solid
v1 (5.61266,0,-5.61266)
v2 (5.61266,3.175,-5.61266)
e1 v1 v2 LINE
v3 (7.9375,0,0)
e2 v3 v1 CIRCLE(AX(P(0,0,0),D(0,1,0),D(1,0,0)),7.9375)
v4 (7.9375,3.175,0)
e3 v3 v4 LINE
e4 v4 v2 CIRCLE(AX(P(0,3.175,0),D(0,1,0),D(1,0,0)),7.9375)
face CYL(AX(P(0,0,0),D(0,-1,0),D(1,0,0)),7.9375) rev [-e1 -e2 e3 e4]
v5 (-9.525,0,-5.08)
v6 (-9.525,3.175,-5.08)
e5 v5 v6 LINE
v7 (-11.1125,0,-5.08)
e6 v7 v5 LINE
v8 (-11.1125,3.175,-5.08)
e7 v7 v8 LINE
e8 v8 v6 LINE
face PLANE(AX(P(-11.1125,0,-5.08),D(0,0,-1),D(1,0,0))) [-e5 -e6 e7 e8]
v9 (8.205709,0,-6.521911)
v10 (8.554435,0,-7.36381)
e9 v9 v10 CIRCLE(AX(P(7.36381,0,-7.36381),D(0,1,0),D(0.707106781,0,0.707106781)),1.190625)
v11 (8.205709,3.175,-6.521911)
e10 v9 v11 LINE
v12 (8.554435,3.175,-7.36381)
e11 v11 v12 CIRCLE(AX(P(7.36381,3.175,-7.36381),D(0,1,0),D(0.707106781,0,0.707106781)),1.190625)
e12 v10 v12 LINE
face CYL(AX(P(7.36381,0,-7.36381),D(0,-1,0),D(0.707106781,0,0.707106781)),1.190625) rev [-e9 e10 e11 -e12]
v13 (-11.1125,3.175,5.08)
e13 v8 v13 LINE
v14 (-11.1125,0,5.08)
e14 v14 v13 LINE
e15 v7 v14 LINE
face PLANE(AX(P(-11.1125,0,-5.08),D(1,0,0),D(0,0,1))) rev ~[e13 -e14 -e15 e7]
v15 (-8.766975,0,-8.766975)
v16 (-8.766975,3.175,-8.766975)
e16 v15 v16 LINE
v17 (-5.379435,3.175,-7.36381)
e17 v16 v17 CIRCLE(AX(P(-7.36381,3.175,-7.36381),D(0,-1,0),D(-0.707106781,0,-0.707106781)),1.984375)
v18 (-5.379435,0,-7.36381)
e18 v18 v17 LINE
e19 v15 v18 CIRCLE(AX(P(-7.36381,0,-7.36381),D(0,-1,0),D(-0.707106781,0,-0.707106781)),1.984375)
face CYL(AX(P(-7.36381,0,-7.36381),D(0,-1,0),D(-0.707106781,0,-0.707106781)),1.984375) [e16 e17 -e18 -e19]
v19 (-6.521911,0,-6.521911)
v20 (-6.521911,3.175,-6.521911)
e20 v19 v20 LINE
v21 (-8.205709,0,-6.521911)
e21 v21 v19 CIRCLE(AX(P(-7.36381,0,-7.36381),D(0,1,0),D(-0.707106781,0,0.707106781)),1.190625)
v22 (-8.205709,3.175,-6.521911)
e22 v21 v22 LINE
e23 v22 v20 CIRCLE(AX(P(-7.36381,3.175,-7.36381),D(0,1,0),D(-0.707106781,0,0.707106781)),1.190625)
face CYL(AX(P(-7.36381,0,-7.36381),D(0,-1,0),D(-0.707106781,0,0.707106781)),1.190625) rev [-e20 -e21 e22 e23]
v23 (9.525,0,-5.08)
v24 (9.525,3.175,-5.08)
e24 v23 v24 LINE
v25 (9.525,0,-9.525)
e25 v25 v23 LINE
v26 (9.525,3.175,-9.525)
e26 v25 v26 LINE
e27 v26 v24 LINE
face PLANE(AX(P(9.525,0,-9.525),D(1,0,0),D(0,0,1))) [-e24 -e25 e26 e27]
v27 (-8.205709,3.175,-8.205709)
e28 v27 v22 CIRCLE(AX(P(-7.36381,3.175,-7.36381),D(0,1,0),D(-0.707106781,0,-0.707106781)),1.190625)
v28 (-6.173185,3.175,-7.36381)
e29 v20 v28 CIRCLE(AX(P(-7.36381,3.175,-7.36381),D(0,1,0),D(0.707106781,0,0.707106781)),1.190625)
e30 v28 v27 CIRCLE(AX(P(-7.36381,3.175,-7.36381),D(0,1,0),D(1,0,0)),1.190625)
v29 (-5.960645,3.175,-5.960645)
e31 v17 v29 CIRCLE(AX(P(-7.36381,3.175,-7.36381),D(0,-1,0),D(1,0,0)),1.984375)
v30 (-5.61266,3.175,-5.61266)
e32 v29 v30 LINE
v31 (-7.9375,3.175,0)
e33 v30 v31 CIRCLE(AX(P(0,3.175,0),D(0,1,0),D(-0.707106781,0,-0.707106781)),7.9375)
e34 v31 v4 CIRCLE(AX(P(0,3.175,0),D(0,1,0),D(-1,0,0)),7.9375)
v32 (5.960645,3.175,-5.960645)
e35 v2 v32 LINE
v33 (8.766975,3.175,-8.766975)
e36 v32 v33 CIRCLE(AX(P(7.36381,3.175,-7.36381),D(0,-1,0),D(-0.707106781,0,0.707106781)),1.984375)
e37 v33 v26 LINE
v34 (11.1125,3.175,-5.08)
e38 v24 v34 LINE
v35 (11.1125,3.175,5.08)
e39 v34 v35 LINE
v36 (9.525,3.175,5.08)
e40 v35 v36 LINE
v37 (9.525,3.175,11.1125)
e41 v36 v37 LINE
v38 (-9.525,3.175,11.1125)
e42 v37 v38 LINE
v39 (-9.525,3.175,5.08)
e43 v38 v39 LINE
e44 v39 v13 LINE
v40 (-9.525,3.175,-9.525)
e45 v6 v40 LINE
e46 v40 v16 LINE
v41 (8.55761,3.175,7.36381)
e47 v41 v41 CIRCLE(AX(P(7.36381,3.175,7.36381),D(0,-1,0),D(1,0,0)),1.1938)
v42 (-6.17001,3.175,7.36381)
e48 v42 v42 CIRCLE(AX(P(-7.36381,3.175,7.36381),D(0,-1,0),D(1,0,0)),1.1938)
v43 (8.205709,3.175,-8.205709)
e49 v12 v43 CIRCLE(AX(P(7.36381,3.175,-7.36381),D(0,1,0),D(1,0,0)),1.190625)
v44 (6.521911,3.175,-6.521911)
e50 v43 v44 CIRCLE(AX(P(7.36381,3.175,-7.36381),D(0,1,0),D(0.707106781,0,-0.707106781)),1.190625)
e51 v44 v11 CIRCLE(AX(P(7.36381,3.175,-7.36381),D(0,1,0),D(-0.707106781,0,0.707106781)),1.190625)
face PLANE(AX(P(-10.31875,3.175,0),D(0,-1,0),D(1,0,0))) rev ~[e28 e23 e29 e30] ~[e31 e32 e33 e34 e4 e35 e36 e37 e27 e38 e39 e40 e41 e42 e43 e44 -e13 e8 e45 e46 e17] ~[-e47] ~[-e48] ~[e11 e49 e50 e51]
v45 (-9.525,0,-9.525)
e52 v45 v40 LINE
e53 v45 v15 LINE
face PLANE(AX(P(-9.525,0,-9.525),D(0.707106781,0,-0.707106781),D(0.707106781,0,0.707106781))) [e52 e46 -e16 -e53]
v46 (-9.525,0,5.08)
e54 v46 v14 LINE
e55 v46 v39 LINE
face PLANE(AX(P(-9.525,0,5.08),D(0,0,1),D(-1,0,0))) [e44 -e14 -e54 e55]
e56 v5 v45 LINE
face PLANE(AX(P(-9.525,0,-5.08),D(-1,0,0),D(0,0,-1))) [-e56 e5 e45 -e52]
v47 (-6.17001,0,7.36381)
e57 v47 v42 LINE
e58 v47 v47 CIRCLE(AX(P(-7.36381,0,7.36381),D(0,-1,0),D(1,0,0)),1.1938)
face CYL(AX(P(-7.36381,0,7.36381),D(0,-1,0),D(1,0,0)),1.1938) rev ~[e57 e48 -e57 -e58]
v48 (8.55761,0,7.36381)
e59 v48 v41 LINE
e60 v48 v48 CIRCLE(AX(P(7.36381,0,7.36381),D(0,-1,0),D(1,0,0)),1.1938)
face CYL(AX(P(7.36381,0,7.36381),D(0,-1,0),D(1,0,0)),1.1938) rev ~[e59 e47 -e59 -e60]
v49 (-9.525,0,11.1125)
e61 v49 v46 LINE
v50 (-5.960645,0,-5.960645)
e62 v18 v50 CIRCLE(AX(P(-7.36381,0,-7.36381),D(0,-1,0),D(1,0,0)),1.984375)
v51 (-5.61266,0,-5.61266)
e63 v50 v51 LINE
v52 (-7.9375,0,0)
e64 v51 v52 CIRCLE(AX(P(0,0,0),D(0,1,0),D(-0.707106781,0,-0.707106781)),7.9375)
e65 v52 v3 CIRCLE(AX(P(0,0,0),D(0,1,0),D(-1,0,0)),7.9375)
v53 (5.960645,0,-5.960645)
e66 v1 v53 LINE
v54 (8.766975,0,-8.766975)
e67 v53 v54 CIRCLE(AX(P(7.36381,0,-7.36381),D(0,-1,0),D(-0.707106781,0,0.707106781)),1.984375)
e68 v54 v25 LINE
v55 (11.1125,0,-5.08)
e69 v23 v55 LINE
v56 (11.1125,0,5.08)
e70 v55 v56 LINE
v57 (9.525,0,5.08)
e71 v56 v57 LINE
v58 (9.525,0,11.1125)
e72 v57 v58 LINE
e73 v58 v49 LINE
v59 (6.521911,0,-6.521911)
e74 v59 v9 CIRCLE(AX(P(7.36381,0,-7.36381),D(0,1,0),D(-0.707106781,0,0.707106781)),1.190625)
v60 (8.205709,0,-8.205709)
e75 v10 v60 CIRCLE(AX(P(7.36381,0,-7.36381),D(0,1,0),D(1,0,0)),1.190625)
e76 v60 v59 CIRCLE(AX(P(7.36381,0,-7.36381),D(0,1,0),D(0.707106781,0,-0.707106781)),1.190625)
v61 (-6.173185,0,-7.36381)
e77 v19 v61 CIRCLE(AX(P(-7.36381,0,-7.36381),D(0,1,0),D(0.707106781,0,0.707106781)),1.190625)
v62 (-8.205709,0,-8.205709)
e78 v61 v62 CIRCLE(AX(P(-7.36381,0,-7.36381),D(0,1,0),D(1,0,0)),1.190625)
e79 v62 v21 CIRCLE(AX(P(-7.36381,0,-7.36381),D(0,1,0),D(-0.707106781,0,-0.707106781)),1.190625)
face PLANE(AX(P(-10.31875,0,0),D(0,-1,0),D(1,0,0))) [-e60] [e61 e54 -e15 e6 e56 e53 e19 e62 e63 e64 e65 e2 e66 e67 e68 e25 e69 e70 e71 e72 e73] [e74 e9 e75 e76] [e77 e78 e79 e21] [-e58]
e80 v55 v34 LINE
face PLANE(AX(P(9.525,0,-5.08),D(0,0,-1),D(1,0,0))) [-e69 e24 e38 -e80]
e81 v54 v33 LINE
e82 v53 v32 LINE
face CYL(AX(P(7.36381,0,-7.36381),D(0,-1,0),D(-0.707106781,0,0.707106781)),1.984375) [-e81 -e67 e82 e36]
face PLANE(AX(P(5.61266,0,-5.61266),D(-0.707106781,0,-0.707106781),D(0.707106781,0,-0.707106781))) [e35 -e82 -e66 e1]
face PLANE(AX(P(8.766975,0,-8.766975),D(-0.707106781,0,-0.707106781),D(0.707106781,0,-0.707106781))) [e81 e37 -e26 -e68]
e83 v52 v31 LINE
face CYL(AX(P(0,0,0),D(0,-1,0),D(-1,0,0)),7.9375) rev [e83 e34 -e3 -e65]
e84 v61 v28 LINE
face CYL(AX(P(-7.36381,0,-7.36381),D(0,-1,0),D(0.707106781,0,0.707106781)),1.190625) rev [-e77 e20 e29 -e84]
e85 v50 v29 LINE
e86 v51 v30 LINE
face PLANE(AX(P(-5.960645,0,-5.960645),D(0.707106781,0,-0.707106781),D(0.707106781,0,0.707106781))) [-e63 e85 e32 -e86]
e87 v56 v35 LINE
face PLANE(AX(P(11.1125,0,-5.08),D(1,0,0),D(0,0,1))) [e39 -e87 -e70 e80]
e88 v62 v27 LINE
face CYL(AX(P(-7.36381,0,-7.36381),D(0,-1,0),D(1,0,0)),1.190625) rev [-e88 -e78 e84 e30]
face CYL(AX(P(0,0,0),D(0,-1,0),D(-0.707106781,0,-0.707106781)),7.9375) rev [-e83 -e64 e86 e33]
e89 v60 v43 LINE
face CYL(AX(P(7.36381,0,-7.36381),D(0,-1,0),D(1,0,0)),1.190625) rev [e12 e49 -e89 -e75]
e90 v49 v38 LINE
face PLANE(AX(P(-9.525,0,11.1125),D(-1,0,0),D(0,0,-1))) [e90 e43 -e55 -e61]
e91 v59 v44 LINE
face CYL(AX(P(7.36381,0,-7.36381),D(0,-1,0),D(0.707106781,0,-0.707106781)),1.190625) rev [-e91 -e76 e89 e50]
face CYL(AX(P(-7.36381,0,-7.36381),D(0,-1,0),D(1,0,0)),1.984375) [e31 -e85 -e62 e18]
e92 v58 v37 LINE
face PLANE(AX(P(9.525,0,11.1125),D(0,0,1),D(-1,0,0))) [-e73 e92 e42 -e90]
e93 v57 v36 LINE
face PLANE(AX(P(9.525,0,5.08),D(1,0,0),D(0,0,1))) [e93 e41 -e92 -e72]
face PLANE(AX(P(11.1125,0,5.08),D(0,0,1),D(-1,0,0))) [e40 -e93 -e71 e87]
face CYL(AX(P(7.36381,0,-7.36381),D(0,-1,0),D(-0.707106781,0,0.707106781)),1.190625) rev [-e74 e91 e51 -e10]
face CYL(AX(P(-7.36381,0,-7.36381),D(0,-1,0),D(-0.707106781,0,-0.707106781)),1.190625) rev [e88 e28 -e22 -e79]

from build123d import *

# Parameters (mm, degrees)
F0_W     = 1.5875
F0_H     = 10.16
F0_R     = 1.1938
F1_DEPTH = 3.175


with BuildPart() as f1:
    # F0 (on Front) → F1 (new body)
    with BuildSketch(Plane.XZ):
        with Locations((-10.31875, 0)):
            Rectangle(F0_W, F0_H)
        with Locations((10.31875, 0)):
            Rectangle(F0_W, F0_H)
        with BuildLine():
            ThreePointArc((-8.7669750382, -8.7669750382), (-9.3481850193, -7.3638100193), (-8.7669750382, -5.9606450004))
            Line((-8.7669750382, -5.9606450004), (-9.525, -5.2026200386))
            Line((-9.525, -5.2026200386), (-9.525, -9.525))
            Line((-9.525, -9.525), (-8.7669750382, -8.7669750382))
        make_face()
        with BuildLine():
            Line((9.525, -5.2026200386), (8.7669750382, -5.9606450004))
            ThreePointArc((8.7669750382, -5.9606450004), (9.1971334666, -6.6044225832), (9.3481850193, -7.3638100193))
            ThreePointArc((9.3481850193, -7.3638100193), (9.1971334666, -8.1231974554), (8.7669750382, -8.7669750382))
            Line((8.7669750382, -8.7669750382), (9.525, -9.525))
            Line((9.525, -9.525), (9.525, -5.2026200386))
        make_face()
        Polygon((-7.9375, -5.08), (-7.9375, 0), (-7.9375, 5.08), (-9.525, 5.08), (-9.525, -5.08), align=None)
        Polygon((7.9375, 5.08), (7.9375, 0), (7.9375, -5.08), (9.525, -5.08), (9.525, 5.08), align=None)
        with BuildLine():
            Line((-7.9375, 5.08), (-7.9375, 0))
            ThreePointArc((-7.9375, 0), (0, 7.9375), (7.9375, 0))
            Line((7.9375, 0), (7.9375, 5.08))
            Line((7.9375, 5.08), (9.525, 5.08))
            Line((9.525, 5.08), (9.525, 9.525))
            Line((9.525, 9.525), (9.525, 11.1125))
            Line((9.525, 11.1125), (-9.525, 11.1125))
            Line((-9.525, 11.1125), (-9.525, 9.525))
            Line((-9.525, 9.525), (-9.525, 5.08))
            Line((-9.525, 5.08), (-7.9375, 5.08))
        make_face()
        with Locations((-7.3638100193, 7.3638100193)):
            Circle(F0_R, mode=Mode.SUBTRACT)
        with Locations((7.3638100193, 7.3638100193)):
            Circle(F0_R, mode=Mode.SUBTRACT)
        with BuildLine():
            Line((-5.9606450004, -5.9606450004), (-5.6126600757, -5.6126600757))
            ThreePointArc((-5.6126600757, -5.6126600757), (-7.3332937893, -3.0375497444), (-7.9375, 0))
            Line((-7.9375, 0), (-7.9375, -5.08))
            Line((-7.9375, -5.08), (-9.525, -5.08))
            Line((-9.525, -5.08), (-9.525, -5.2026200386))
            Line((-9.525, -5.2026200386), (-8.7669750382, -5.9606450004))
            ThreePointArc((-8.7669750382, -5.9606450004), (-7.3638100193, -5.3794350193), (-5.9606450004, -5.9606450004))
        make_face()
        with BuildLine():
            ThreePointArc((7.9375, 0), (7.3332937893, -3.0375497444), (5.6126600757, -5.6126600757))
            Line((5.6126600757, -5.6126600757), (5.9606450004, -5.9606450004))
            ThreePointArc((5.9606450004, -5.9606450004), (7.3638100193, -5.3794350193), (8.7669750382, -5.9606450004))
            Line((8.7669750382, -5.9606450004), (9.525, -5.2026200386))
            Line((9.525, -5.2026200386), (9.525, -5.08))
            Line((9.525, -5.08), (7.9375, -5.08))
            Line((7.9375, -5.08), (7.9375, 0))
        make_face()
        with BuildLine():
            ThreePointArc((-5.3794350193, -7.3638100193), (-5.5304865719, -6.6044225832), (-5.9606450004, -5.9606450004))
            Line((-5.9606450004, -5.9606450004), (-6.5219110079, -6.5219110079))
            ThreePointArc((-6.5219110079, -6.5219110079), (-6.2638159509, -6.9081775576), (-6.1731850193, -7.3638100193))
            ThreePointArc((-6.1731850193, -7.3638100193), (-6.9081775576, -8.4638040877), (-8.2057090306, -8.2057090306))
            Line((-8.2057090306, -8.2057090306), (-8.7669750382, -8.7669750382))
            ThreePointArc((-8.7669750382, -8.7669750382), (-6.6044225832, -9.1971334666), (-5.3794350193, -7.3638100193))
        make_face()
        with BuildLine():
            Line((-8.2057090306, -6.5219110079), (-8.7669750382, -5.9606450004))
            ThreePointArc((-8.7669750382, -5.9606450004), (-9.3481850193, -7.3638100193), (-8.7669750382, -8.7669750382))
            Line((-8.7669750382, -8.7669750382), (-8.2057090306, -8.2057090306))
            ThreePointArc((-8.2057090306, -8.2057090306), (-8.5544350193, -7.3638100193), (-8.2057090306, -6.5219110079))
        make_face()
        with BuildLine():
            Line((-6.5219110079, -6.5219110079), (-5.9606450004, -5.9606450004))
            ThreePointArc((-5.9606450004, -5.9606450004), (-7.3638100193, -5.3794350193), (-8.7669750382, -5.9606450004))
            Line((-8.7669750382, -5.9606450004), (-8.2057090306, -6.5219110079))
            ThreePointArc((-8.2057090306, -6.5219110079), (-7.3638100193, -6.1731850193), (-6.5219110079, -6.5219110079))
        make_face()
        with BuildLine():
            ThreePointArc((8.7669750382, -5.9606450004), (7.3638100193, -5.3794350193), (5.9606450004, -5.9606450004))
            Line((5.9606450004, -5.9606450004), (6.5219110079, -6.5219110079))
            ThreePointArc((6.5219110079, -6.5219110079), (7.3638100193, -6.1731850193), (8.2057090306, -6.5219110079))
            Line((8.2057090306, -6.5219110079), (8.7669750382, -5.9606450004))
        make_face()
        with BuildLine():
            ThreePointArc((9.3481850193, -7.3638100193), (9.1971334666, -6.6044225832), (8.7669750382, -5.9606450004))
            Line((8.7669750382, -5.9606450004), (8.2057090306, -6.5219110079))
            ThreePointArc((8.2057090306, -6.5219110079), (8.4638040877, -6.9081775576), (8.5544350193, -7.3638100193))
            ThreePointArc((8.5544350193, -7.3638100193), (8.4638040877, -7.8194424809), (8.2057090306, -8.2057090306))
            Line((8.2057090306, -8.2057090306), (8.7669750382, -8.7669750382))
            ThreePointArc((8.7669750382, -8.7669750382), (9.1971334666, -8.1231974554), (9.3481850193, -7.3638100193))
        make_face()
        with BuildLine():
            Line((6.5219110079, -6.5219110079), (5.9606450004, -5.9606450004))
            ThreePointArc((5.9606450004, -5.9606450004), (5.9606450004, -8.7669750382), (8.7669750382, -8.7669750382))
            Line((8.7669750382, -8.7669750382), (8.2057090306, -8.2057090306))
            ThreePointArc((8.2057090306, -8.2057090306), (6.5219110079, -8.2057090306), (6.5219110079, -6.5219110079))
        make_face()
    extrude(amount=-F1_DEPTH)


solid = f1.part
